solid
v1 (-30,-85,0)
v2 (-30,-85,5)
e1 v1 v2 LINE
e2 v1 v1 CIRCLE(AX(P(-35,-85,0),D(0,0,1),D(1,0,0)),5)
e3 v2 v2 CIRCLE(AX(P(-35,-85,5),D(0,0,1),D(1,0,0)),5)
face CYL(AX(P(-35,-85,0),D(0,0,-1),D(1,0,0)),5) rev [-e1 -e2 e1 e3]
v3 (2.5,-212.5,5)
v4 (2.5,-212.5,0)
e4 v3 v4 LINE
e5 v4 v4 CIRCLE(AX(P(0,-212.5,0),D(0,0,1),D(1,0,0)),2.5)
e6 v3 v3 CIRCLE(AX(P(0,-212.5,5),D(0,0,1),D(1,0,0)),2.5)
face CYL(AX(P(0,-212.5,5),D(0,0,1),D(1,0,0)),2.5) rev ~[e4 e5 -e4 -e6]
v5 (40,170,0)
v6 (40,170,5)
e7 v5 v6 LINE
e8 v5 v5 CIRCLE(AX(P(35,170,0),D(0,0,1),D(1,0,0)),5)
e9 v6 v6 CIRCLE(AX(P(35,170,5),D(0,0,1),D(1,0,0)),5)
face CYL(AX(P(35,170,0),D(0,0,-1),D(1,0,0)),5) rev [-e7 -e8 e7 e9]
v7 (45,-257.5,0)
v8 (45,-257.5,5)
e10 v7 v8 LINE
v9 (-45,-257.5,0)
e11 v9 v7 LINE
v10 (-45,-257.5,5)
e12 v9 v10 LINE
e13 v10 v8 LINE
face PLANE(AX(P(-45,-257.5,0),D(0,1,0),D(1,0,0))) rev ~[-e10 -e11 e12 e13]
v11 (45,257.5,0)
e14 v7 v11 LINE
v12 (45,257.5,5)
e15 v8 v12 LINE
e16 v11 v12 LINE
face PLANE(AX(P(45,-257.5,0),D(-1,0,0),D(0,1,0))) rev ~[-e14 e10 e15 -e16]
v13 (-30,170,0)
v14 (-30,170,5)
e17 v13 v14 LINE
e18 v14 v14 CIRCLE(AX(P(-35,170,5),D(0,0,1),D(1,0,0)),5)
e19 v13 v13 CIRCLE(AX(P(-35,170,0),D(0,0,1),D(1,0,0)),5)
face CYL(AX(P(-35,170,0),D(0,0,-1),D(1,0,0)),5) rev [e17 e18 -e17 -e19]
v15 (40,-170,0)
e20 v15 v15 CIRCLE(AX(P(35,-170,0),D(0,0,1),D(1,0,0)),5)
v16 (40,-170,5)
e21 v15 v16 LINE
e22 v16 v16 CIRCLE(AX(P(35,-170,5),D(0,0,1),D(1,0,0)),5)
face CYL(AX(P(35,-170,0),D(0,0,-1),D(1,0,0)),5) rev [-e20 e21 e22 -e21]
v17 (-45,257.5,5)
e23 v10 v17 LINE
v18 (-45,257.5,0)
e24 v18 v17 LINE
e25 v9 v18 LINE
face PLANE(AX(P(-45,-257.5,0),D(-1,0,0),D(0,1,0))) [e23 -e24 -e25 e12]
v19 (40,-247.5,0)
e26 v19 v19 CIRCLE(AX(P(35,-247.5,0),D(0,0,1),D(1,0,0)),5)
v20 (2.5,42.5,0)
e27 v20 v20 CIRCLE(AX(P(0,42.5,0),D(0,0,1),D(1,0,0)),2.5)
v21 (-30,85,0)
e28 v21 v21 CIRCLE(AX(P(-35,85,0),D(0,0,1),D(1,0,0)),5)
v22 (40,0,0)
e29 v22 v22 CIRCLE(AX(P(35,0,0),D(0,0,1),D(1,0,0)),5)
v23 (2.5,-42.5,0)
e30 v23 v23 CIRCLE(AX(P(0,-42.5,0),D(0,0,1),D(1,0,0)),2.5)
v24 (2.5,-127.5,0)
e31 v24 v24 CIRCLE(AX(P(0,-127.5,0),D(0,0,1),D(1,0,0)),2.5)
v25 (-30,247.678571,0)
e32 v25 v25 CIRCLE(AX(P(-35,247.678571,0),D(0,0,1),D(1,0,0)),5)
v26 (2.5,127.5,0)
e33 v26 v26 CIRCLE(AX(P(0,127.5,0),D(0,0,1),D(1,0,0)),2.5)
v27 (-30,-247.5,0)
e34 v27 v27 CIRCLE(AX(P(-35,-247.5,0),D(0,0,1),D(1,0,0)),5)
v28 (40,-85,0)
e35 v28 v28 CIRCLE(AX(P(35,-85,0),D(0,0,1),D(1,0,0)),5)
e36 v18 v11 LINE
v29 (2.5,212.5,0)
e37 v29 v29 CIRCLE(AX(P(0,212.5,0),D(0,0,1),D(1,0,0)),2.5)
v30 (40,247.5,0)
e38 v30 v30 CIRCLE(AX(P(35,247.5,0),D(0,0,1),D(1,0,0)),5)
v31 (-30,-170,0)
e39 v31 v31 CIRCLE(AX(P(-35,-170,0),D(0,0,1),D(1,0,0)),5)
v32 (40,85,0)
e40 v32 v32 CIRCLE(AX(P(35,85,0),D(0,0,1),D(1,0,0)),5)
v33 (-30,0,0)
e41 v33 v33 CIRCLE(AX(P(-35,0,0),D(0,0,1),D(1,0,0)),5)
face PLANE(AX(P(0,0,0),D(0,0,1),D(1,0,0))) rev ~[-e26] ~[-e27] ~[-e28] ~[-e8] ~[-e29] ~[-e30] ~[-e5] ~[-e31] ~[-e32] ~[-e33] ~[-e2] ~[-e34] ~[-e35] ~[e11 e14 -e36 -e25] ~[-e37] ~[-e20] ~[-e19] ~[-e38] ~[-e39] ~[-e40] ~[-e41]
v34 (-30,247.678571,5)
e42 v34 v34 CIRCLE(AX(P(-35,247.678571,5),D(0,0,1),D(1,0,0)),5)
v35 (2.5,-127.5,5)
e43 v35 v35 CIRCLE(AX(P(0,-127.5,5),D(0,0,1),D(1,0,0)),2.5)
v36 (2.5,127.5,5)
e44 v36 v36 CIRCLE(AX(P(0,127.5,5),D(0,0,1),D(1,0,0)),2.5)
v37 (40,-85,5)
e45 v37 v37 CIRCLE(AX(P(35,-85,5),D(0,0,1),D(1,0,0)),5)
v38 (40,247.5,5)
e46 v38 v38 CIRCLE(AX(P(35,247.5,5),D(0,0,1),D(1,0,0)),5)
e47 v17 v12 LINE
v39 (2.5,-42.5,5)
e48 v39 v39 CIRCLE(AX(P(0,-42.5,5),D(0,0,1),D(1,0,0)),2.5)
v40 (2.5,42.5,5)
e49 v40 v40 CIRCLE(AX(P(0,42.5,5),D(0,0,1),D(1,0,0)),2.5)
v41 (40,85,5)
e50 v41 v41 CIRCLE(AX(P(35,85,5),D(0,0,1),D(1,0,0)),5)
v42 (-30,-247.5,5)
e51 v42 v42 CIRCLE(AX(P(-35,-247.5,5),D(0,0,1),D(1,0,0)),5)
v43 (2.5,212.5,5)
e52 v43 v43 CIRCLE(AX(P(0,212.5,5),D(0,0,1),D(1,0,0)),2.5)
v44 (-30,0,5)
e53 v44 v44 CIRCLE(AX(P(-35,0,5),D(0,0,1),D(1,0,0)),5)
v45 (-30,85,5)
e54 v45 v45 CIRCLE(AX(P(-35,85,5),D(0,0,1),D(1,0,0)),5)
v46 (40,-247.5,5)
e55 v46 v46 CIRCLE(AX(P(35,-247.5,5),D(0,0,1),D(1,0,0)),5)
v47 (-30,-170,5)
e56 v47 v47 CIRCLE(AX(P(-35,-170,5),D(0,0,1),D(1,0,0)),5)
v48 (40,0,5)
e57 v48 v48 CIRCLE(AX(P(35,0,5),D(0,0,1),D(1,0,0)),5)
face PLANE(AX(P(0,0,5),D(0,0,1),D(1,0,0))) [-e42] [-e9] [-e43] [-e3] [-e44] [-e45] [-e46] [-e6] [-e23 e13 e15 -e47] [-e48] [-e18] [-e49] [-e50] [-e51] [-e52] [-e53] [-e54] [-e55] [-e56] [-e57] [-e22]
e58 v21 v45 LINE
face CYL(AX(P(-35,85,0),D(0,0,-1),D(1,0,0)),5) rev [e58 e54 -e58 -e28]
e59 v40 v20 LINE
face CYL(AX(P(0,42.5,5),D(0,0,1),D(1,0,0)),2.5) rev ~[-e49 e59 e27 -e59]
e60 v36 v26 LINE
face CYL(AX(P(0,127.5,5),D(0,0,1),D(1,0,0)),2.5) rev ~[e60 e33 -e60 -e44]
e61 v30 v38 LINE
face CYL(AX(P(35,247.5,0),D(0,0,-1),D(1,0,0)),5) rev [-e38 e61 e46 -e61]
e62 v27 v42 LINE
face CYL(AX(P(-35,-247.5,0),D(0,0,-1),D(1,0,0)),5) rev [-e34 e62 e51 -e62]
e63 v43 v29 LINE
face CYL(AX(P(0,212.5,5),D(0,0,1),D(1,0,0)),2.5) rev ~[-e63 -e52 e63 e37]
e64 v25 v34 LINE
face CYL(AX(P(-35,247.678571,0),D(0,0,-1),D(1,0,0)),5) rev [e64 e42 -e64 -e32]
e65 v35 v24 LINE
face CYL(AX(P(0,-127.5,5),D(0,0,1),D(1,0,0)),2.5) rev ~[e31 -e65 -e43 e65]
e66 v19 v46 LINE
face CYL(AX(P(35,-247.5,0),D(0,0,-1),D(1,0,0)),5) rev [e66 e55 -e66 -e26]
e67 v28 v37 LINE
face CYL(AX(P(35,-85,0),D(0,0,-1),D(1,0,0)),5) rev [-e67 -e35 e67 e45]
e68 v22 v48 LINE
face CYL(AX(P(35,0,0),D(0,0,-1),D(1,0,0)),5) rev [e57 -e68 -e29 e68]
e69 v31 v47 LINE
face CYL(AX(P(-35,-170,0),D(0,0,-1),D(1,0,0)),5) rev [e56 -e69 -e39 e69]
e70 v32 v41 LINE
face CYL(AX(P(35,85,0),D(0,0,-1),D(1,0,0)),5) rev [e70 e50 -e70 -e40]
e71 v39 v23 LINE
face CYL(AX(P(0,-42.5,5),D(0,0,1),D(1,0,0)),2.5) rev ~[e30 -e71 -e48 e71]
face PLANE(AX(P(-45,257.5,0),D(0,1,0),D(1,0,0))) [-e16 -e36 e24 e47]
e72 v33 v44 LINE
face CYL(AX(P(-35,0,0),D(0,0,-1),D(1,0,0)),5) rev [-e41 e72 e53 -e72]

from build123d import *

# Parameters (mm, degrees)
F0_W     = 90
F0_H     = 515
F0_R     = 5
F1_DEPTH = 5
F2_R     = 2.5
F3_DEPTH = 25


with BuildPart() as f1:
    # F0 (on Top) → F1 (new body)
    with BuildSketch(Plane.XY):
        Rectangle(F0_W, F0_H)
        with Locations((-35, -247.5)):
            Circle(F0_R, mode=Mode.SUBTRACT)
        with Locations((-35, -170)):
            Circle(F0_R, mode=Mode.SUBTRACT)
        with Locations((-35, -85)):
            Circle(F0_R, mode=Mode.SUBTRACT)
        with Locations((35, -247.5)):
            Circle(F0_R, mode=Mode.SUBTRACT)
        with Locations((35, -170)):
            Circle(F0_R, mode=Mode.SUBTRACT)
        with Locations((35, -85)):
            Circle(F0_R, mode=Mode.SUBTRACT)
        with Locations((-35, 0)):
            Circle(F0_R, mode=Mode.SUBTRACT)
        with Locations((-35, 85)):
            Circle(F0_R, mode=Mode.SUBTRACT)
        with Locations((-35, 170)):
            Circle(F0_R, mode=Mode.SUBTRACT)
        with Locations((-35, 247.678571)):
            Circle(F0_R, mode=Mode.SUBTRACT)
        with Locations((35, 0)):
            Circle(F0_R, mode=Mode.SUBTRACT)
        with Locations((35, 85)):
            Circle(F0_R, mode=Mode.SUBTRACT)
        with Locations((35, 170)):
            Circle(F0_R, mode=Mode.SUBTRACT)
        with Locations((35, 247.5)):
            Circle(F0_R, mode=Mode.SUBTRACT)
    extrude(amount=F1_DEPTH)

    # F2 (on face) → F3 (cut)
    with BuildSketch(Plane.XY.offset(5)):
        with Locations((0, 212.5)):
            Circle(F2_R)
        with Locations((0, 127.5)):
            Circle(F2_R)
        with Locations((0, 42.5)):
            Circle(F2_R)
        with Locations((0, -42.5)):
            Circle(F2_R)
        with Locations((0, -127.5)):
            Circle(F2_R)
        with Locations((0, -212.5)):
            Circle(F2_R)
    extrude(amount=-F3_DEPTH, mode=Mode.SUBTRACT)


solid = f1.part
